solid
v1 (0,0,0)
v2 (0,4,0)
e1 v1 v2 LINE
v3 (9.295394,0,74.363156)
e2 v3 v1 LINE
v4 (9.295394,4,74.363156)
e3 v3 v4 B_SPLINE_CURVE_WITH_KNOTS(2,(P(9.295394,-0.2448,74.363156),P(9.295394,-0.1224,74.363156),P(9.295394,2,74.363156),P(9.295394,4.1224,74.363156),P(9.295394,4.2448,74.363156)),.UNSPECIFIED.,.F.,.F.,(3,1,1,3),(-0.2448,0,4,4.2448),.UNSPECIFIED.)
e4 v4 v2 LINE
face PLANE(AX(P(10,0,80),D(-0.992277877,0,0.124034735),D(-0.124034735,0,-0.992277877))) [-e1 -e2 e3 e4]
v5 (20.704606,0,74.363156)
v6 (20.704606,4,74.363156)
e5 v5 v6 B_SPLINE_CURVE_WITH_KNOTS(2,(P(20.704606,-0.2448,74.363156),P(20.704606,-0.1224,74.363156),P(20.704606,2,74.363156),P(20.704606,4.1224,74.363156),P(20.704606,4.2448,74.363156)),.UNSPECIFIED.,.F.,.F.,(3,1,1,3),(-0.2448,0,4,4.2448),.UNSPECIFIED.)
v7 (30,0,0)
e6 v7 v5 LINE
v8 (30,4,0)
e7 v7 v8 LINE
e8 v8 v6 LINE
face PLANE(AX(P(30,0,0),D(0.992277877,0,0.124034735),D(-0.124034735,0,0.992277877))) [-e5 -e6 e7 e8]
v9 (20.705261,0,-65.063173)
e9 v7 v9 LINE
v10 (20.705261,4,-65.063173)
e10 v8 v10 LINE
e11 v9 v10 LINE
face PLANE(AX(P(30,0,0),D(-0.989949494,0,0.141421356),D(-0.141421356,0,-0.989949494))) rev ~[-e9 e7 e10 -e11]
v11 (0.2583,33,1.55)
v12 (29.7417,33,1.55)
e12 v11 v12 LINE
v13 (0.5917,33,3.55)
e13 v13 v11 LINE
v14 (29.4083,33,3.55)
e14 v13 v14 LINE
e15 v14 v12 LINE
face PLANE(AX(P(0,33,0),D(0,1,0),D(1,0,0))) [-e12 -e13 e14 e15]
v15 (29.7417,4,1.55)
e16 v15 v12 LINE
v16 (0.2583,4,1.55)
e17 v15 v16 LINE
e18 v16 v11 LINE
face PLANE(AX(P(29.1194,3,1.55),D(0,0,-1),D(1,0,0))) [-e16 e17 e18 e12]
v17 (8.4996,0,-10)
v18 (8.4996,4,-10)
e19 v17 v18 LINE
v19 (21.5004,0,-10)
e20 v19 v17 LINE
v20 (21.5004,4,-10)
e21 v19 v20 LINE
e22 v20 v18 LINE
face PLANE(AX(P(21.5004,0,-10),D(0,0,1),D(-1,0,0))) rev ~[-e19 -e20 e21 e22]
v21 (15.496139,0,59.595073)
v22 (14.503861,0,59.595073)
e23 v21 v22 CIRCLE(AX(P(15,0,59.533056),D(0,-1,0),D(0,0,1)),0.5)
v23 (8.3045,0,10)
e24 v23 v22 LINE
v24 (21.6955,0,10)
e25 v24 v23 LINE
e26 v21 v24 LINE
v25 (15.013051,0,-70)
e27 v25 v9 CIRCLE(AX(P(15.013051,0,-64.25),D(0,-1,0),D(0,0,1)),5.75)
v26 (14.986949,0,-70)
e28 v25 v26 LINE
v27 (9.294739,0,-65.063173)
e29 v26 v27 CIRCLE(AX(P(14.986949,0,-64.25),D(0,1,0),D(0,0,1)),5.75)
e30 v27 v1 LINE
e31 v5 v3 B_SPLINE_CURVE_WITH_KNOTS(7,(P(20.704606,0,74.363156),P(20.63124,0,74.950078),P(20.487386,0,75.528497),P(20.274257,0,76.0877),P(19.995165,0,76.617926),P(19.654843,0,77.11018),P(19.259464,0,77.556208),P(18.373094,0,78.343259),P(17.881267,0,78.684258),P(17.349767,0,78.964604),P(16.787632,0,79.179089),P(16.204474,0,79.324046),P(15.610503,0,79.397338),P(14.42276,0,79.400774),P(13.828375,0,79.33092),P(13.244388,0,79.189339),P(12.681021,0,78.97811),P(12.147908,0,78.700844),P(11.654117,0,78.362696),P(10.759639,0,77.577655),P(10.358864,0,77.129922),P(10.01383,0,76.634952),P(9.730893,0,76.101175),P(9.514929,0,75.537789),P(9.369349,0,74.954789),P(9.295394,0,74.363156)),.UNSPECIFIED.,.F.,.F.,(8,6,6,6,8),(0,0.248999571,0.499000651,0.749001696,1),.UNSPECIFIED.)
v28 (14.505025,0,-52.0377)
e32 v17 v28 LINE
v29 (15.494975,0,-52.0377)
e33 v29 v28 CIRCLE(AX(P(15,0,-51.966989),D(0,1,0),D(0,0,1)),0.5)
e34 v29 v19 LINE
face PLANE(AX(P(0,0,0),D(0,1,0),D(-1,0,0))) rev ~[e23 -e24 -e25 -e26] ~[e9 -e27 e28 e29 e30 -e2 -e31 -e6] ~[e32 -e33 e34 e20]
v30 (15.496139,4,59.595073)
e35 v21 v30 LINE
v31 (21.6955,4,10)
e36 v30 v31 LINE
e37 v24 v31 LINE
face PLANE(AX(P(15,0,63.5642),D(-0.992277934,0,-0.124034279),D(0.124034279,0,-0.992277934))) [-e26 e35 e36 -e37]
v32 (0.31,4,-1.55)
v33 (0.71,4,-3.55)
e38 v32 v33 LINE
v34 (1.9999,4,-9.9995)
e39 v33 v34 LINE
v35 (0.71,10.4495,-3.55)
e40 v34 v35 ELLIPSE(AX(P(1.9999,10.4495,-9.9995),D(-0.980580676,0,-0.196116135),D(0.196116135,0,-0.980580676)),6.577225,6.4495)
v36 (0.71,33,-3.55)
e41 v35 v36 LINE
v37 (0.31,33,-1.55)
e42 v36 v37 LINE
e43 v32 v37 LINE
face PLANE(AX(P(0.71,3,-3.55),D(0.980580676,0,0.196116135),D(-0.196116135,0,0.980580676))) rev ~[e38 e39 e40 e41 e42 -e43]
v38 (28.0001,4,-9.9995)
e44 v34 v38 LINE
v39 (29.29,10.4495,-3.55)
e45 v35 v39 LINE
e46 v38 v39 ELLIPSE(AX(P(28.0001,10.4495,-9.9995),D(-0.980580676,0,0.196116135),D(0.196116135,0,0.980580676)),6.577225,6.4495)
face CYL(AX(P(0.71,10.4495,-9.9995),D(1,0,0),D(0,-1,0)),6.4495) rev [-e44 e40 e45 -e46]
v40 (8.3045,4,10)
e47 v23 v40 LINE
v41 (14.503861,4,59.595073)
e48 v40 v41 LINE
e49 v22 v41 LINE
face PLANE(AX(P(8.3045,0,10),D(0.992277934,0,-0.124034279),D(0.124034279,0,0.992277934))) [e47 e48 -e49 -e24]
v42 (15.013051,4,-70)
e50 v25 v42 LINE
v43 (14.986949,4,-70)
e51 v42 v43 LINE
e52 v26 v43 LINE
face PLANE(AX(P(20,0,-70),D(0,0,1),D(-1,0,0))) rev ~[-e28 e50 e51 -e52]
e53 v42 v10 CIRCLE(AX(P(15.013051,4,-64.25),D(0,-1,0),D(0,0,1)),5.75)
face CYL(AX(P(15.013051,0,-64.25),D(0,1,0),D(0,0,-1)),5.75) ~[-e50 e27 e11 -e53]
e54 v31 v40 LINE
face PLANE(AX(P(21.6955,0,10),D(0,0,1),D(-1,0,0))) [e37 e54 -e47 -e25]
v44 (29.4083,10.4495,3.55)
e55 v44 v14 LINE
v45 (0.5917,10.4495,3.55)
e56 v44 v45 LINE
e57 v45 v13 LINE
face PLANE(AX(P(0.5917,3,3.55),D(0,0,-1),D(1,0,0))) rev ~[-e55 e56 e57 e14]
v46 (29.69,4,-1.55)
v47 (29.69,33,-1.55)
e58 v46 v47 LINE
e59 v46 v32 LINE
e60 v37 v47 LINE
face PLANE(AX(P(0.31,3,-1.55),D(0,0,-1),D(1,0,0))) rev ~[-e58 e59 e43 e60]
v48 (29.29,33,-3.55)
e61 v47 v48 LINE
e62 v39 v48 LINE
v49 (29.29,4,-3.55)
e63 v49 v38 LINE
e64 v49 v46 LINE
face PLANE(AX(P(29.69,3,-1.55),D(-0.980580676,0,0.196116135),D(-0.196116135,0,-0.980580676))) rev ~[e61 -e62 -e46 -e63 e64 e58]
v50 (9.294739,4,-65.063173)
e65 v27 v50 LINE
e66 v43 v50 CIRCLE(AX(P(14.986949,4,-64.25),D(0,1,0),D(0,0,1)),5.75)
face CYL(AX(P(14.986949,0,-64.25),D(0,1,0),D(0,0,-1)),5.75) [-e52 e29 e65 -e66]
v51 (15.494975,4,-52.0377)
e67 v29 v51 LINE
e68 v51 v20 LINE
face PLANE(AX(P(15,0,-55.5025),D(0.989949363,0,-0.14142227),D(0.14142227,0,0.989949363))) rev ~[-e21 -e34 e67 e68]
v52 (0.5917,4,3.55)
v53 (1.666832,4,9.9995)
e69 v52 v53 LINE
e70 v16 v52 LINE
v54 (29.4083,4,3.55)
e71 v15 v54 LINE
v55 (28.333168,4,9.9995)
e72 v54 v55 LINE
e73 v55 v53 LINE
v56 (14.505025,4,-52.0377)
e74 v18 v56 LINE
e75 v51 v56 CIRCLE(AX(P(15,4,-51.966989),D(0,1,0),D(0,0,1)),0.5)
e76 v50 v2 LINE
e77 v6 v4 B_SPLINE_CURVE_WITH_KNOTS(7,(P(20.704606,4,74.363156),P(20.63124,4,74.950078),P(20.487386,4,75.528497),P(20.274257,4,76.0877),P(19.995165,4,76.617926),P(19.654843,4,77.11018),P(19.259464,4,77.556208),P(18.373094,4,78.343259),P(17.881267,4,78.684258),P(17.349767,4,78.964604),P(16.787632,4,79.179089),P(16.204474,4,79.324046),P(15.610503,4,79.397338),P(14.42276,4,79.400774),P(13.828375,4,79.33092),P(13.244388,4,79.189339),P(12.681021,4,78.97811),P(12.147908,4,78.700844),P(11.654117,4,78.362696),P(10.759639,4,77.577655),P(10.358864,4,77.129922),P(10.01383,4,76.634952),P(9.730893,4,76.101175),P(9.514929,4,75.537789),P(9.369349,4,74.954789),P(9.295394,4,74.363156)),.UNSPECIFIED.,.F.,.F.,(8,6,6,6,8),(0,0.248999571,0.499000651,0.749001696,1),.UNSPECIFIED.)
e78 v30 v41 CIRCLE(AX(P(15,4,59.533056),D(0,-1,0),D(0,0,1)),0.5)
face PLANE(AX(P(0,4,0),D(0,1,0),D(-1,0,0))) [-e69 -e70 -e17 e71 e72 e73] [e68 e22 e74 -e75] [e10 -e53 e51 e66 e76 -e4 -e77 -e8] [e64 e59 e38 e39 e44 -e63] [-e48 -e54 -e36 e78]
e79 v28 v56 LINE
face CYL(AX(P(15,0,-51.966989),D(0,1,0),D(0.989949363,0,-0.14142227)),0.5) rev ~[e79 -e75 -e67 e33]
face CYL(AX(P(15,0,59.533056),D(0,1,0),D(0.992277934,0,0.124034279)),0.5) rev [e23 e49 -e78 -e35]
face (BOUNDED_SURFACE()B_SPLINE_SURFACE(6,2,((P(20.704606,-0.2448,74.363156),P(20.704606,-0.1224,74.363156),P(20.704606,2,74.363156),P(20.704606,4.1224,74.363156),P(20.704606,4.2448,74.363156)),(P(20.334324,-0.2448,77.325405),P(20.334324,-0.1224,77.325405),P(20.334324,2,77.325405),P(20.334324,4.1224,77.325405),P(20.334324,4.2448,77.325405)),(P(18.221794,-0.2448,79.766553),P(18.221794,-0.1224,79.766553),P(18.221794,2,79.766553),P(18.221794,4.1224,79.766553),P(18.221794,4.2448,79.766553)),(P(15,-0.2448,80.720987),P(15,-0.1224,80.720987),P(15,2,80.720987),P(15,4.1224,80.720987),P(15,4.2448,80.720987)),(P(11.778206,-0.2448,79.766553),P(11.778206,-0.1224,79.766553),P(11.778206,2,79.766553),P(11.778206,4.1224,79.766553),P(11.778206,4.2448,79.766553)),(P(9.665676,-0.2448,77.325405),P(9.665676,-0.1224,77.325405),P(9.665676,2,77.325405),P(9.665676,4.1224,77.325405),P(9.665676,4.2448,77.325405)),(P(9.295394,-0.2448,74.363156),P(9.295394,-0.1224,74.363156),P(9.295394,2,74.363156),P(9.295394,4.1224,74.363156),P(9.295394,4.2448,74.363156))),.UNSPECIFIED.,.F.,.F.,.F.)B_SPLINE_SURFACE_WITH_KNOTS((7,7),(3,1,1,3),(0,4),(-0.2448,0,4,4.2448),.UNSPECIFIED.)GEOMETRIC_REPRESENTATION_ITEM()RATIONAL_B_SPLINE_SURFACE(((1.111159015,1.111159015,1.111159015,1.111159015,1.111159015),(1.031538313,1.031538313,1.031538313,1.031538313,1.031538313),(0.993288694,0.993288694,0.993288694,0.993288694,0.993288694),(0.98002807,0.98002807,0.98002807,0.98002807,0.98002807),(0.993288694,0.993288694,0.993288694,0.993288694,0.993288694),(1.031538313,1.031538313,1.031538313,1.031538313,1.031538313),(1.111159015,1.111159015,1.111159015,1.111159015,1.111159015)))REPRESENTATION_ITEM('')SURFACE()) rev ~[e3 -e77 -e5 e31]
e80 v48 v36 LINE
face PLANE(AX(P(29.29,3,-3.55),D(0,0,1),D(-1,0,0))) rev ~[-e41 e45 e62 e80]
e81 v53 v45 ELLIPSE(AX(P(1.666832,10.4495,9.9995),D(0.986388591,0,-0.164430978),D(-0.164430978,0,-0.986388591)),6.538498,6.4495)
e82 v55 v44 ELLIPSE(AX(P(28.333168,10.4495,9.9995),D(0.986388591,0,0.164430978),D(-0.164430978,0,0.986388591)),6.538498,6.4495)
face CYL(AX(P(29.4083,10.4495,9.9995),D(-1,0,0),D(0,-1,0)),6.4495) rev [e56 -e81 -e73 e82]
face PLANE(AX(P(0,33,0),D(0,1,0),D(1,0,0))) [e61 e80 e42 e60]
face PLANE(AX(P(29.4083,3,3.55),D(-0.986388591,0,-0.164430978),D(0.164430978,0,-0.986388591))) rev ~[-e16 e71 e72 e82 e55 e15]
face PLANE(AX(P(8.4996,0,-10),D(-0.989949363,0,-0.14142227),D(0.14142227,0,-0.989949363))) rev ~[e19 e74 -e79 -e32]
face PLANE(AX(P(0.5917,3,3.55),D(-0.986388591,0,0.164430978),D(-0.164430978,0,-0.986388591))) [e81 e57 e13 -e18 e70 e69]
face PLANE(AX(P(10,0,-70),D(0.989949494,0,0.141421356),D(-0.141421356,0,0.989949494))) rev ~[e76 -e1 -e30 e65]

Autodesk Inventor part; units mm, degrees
ref_plane "YZ Plane" through (0, 0, 0) normal (1, 0, 0) x (0, 1, 0)
ref_plane "XZ Plane" through (0, 0, 0) normal (0, 1, 0) x (-1, 0, 0)
sketch "Sketch1" plane through (0, 0, 0) normal (0, 1, 0) x (-1, 0, 0)
  line L0 (0, 0) -> (-30, 0)
  line L1 (-30, 0) -> (-20, -70)
  line L2 (-20, -70) -> (-10, -70)
  line L3 (-10, -70) -> (0, 0)
  line L4 (-30, 0) -> (-20, 80)
  line L5 (-20, 80) -> (-10, 80)
  line L6 (-10, 80) -> (0, 0)
  line L7 (-21.6955, 10) -> (-8.3045, 10)
  line L8 (-8.3045, 10) -> (-15, 63.5642)
  line L9 (-15, 63.5642) -> (-21.6955, 10)
  line L10 (-21.5004, -10) -> (-8.4996, -10)
  line L11 (-8.4996, -10) -> (-15, -55.5025)
  line L12 (-15, -55.5025) -> (-21.5004, -10)
  dimension "d15" = 80
  dimension "d16" = 70
  dimension "d17" = 10
  dimension "d18" = 10
  dimension "d19" = 30
  dimension "d20" = 10
  dimension "d21" = 10
  dimension "d40" = 10
  dimension "d41" = 10
  dimension "d42" = 7
  dimension "d43" = 7
  dimension "d45" = 7
  dimension "d46" = 7
ref_plane "Work Plane2" through (0, 3, 0) normal (0, 1, 0) x (1, 0, 0)
sketch "Sketch3" plane through (0, 3, 0) normal (0, 1, 0) x (1, 0, 0)
  line L0 (29.1194, -1.55) -> (0.2583, -1.55)
  line L1 (0.5917, -3.55) -> (0.2583, -1.55)
  line L2 (0.5917, -3.55) -> (29.4083, -3.55)
  line L3 (29.69, 1.55) -> (29.29, 3.55)
  line L4 (29.29, 3.55) -> (0.71, 3.55)
  line L5 (0.71, 3.55) -> (0.31, 1.55)
  line L6 (0.31, 1.55) -> (29.69, 1.55)
  line L7 (30, 0) -> (0, 0)
  line L8 (29.4083, -3.55) -> (29.7417, -1.55)
  line L9 (29.1194, -1.55) -> (29.7417, -1.55)
  line L10 (20, 50) -> (10, 50)
  line L11 (20, -60) -> (10, -60)
  line L12 (30, 0) -> (20, 50)
  line L13 (10, -60) -> (0, 0)
  line L14 (30, 0) -> (20, -60)
  line L15 (10, 50) -> (0, 0)
  dimension "d26" = 1.55
  dimension "d27" = 1.55
  dimension "d28" = 2
  dimension "d29" = 2
extrude "Extrusion5" add sketch "Sketch1" along normal blind 4
fillet "Fillet3" radius 5.75 4 edges at (20, 2, 80) (10, 2, 80) (20, 2, -70) (10, 2, -70)
fillet "Fillet4" radius 0.5 2 edges at (15, 2, 63.5642) (15, 2, -55.5025)
extrude "Extrusion7" add sketch "Sketch3" along normal blind 30 contours L9 L8 L2 L1 L0 | L5 L4 L3 L6
fillet "Fillet5" radius 6.45 2 edges at (15, 4, -3.55) (15, 4, 3.55)
equation "\"d18\" = d17"
equation "\"d20\" = d17"
equation "\"d21\" = d17"
equation "\"d43\" = d42"
equation "\"d45\" = d42"
equation "\"d46\" = d42"
equation "\"d27\" = d26"
equation "\"d29\" = d28"
properties part number "support"
